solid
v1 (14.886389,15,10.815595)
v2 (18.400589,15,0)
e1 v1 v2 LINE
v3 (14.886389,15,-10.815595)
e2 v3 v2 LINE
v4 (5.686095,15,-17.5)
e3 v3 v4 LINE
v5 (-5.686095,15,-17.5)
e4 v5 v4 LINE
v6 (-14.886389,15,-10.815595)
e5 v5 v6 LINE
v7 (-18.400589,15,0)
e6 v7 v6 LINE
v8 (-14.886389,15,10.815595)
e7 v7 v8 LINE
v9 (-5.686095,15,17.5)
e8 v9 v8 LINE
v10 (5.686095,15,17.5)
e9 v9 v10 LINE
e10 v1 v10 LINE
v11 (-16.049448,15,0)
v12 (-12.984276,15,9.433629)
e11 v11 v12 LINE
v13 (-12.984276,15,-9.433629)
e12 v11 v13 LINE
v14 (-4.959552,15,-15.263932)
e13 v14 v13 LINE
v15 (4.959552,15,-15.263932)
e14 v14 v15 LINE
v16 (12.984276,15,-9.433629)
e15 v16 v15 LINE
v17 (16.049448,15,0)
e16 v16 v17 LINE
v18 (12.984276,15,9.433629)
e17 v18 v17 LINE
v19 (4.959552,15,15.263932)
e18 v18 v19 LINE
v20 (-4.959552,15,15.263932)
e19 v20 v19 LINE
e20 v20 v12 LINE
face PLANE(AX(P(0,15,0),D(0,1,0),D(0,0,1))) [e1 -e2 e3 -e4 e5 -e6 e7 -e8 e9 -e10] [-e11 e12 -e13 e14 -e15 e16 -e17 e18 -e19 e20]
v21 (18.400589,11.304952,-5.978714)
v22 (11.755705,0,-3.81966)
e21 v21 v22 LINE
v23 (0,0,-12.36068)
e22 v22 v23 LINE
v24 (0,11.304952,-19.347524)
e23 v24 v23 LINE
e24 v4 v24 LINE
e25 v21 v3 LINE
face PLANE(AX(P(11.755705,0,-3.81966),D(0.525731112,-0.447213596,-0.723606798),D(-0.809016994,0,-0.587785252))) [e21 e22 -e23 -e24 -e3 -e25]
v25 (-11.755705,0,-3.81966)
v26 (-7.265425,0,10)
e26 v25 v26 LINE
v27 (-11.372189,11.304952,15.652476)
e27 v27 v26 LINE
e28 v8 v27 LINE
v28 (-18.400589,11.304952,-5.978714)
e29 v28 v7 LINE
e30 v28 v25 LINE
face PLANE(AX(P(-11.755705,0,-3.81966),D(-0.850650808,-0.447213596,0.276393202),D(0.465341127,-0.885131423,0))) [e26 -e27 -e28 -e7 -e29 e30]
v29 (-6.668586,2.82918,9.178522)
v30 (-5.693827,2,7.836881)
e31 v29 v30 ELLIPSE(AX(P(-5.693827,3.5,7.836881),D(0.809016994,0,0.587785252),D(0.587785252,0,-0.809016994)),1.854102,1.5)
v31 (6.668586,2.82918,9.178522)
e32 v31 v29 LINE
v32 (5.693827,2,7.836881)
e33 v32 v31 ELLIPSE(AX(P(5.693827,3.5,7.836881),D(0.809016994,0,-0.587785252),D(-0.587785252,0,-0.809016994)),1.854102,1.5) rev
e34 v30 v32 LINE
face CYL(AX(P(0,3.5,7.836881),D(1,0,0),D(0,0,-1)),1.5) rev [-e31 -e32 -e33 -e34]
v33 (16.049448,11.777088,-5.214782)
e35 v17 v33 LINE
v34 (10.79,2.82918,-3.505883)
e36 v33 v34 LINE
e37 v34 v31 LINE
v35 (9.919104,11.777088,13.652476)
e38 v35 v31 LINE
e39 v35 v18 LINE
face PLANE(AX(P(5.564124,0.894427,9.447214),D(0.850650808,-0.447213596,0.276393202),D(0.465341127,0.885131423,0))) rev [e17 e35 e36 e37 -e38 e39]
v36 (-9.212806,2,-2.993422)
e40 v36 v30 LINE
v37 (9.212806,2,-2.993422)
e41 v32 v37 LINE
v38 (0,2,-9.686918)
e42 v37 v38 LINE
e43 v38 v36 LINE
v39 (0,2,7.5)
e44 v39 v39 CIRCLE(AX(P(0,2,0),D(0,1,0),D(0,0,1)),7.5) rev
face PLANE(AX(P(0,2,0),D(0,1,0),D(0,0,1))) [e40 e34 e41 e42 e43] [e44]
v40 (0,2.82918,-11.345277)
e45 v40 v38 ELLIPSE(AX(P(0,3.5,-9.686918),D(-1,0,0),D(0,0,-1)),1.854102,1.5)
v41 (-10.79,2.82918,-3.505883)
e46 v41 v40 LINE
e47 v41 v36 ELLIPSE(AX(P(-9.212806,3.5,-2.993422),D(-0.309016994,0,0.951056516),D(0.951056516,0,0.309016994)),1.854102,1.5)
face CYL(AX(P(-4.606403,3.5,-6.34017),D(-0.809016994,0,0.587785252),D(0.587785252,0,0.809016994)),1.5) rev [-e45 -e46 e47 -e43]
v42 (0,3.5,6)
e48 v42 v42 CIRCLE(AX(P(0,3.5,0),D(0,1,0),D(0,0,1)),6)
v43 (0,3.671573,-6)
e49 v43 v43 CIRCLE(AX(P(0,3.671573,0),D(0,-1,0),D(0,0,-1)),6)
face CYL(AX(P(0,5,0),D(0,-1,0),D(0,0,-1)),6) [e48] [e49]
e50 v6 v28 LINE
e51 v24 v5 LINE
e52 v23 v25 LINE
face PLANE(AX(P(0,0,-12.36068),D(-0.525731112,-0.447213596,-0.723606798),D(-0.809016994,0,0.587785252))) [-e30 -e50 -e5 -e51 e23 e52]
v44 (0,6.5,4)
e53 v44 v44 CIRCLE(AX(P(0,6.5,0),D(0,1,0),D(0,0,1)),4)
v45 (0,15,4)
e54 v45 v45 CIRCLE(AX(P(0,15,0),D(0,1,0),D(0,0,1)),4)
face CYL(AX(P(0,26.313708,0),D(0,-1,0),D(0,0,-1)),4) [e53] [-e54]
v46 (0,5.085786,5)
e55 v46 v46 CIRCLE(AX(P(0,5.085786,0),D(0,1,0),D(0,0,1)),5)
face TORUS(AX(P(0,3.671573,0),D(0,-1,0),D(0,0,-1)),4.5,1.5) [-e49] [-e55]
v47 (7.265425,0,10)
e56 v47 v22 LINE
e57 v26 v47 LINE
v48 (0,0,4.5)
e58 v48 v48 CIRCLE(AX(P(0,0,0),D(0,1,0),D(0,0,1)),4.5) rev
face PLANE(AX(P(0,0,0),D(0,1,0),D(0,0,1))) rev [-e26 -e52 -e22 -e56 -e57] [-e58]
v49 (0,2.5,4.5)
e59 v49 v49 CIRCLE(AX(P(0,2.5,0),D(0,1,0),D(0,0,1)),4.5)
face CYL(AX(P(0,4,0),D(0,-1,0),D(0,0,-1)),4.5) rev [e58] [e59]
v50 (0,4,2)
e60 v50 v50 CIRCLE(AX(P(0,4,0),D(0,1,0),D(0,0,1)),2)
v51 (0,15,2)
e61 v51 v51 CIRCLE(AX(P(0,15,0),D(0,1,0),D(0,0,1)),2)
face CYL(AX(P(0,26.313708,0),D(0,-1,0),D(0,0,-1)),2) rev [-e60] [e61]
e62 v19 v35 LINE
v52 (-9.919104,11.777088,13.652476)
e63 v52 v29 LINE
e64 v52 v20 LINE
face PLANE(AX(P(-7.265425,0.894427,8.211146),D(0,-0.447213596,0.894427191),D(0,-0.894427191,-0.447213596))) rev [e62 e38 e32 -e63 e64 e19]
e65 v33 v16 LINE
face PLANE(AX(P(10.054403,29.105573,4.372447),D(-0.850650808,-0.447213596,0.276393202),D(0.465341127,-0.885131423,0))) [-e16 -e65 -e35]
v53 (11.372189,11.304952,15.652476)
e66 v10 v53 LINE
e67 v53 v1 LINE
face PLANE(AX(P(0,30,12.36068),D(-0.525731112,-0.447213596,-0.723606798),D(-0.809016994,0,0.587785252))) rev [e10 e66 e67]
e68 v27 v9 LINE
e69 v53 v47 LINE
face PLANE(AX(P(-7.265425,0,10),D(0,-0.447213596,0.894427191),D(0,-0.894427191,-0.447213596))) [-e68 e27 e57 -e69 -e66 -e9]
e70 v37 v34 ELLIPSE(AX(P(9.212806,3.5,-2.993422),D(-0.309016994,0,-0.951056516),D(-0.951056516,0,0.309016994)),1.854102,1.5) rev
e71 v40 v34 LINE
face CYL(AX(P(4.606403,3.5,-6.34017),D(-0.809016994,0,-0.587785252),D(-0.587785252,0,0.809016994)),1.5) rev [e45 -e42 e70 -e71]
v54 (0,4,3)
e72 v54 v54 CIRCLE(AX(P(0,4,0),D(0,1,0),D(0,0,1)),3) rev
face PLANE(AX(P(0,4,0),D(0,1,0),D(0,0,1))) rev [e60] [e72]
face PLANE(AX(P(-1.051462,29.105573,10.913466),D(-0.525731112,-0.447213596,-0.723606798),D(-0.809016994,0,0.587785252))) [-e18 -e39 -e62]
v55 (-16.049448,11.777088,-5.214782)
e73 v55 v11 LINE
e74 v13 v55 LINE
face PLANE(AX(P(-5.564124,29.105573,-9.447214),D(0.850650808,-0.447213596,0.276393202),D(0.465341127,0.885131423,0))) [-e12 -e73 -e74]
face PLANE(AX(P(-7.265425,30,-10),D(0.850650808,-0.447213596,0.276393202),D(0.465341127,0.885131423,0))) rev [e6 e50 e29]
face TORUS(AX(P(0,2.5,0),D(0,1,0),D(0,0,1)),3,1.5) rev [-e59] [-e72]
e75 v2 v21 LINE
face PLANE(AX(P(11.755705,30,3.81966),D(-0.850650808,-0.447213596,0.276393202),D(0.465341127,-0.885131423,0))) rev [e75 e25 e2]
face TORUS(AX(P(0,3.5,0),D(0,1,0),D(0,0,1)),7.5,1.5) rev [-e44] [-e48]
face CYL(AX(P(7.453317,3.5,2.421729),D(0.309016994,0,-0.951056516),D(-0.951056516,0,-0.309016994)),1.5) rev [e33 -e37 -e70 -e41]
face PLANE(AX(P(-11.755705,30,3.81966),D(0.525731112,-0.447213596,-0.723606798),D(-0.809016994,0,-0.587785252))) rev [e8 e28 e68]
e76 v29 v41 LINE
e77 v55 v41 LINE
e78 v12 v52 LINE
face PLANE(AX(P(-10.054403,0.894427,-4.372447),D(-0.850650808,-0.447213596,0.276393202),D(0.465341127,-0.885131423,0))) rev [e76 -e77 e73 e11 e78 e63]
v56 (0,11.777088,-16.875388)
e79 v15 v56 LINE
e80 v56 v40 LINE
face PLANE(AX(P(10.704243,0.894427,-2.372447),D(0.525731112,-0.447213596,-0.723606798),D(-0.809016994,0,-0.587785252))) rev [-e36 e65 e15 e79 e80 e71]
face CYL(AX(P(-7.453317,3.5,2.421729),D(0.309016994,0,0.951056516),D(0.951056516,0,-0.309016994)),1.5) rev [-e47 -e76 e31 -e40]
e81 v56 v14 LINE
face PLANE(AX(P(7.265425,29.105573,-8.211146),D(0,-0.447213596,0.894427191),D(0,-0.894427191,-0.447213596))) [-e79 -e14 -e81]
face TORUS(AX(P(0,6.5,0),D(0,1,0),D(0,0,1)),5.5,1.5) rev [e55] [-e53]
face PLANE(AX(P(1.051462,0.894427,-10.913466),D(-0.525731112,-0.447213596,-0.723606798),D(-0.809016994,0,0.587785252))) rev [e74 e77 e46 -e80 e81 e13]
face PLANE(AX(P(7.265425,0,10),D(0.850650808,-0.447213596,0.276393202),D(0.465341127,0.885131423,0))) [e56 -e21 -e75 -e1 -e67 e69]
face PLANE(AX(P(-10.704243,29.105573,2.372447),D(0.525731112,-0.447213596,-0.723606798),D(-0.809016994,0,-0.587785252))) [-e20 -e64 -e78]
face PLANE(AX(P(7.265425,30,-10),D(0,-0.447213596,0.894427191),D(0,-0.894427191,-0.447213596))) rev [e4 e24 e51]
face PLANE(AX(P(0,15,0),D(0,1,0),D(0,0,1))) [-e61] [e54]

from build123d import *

# Parameters (mm, degrees)
BOSS_EXTRUDE1_DEPTH     = 30
BOSS_EXTRUDE1_TAPER     = -26.56505118
SKETCH3_OUTSIDE_W       = 108.076
SKETCH3_OUTSIDE_H       = 105.2
CUT_EXTRUDE1_DEPTH      = 30
CUT_EXTRUDE1_TAPER      = 26.56505118
SKETCH5_R               = 19.347524159
CUT_EXTRUDE2_DEPTH      = 25
SHELL1_T                = -2
SKETCH6_R               = 4
SKETCH6_R_2             = 2
BOSS_EXTRUDE2_DEPTH     = 13
SKETCH10_R              = 6
SKETCH10_R_2            = 4
BOSS_EXTRUDE4_DEPTH     = 3
FILLET5_R               = 1.5
SKETCH10_3_R            = 4.5
SKETCH10_3_R_2          = 4
CUT_EXTRUDE3_DEPTH      = 2
CUT_EXTRUDE3_DEPTH_BACK = 2
FILLET6_R               = 1.5


with BuildPart() as part:
    # Sketch1 → Boss-Extrude1 (new body)
    with BuildSketch(Plane(origin=(0, 0, 0), x_dir=(1, 0, 0), z_dir=(0, 1, 0))):
        Polygon((0, 12.360679775), (-11.755705046, 3.819660113), (-7.26542528, -10), (7.26542528, -10), (11.755705046, 3.819660113), align=None)
    extrude(amount=BOSS_EXTRUDE1_DEPTH, taper=BOSS_EXTRUDE1_TAPER)

    # Sketch3 outside → Cut-Extrude1 (cut)
    with BuildSketch(Plane(origin=(0, 30, 0), x_dir=(1, 0, 0), z_dir=(0, 1, 0))):
        with Locations((0, 2.951)):
            Rectangle(SKETCH3_OUTSIDE_W, SKETCH3_OUTSIDE_H)
        Polygon((7.26542528, 10), (-7.26542528, 10), (-11.755705046, -3.819660113), (0, -12.360679775), (11.755705046, -3.819660113), align=None, mode=Mode.SUBTRACT)
    extrude(amount=-CUT_EXTRUDE1_DEPTH, taper=CUT_EXTRUDE1_TAPER, mode=Mode.SUBTRACT)

    # Sketch5 → Cut-Extrude2 (cut)
    with BuildSketch(Plane(origin=(0, 15, 0), x_dir=(1, 0, 0), z_dir=(0, 1, 0))):
        Circle(SKETCH5_R)
    extrude(amount=CUT_EXTRUDE2_DEPTH, mode=Mode.SUBTRACT)

    # Shell1
    shell1_openings = [part.faces().sort_by_distance(p)[0] for p in [
        (0, 15, 0),
    ]]
    offset(amount=SHELL1_T, openings=shell1_openings, kind=Kind.INTERSECTION)

    # Sketch6 → Boss-Extrude2 (add)
    with BuildSketch(Plane(origin=(0, 2, 0), x_dir=(1, 0, 0), z_dir=(0, 1, 0))):
        with Locations(Location((0, 0, 0), (0, 0, 270))):
            Circle(SKETCH6_R)
        with Locations(Location((0, 0, 0), (0, 0, 270))):
            Circle(SKETCH6_R_2, mode=Mode.SUBTRACT)
    extrude(amount=BOSS_EXTRUDE2_DEPTH)

    # Sketch10 → Boss-Extrude4 (add)
    with BuildSketch(Plane(origin=(0, 2, 0), x_dir=(1, 0, 0), z_dir=(0, 1, 0))):
        with Locations(Location((0, 0, 0), (0, 0, 270))):
            Circle(SKETCH10_R)
        with Locations(Location((0, 0, 0), (0, 0, 270))):
            Circle(SKETCH10_R_2, mode=Mode.SUBTRACT)
    extrude(amount=BOSS_EXTRUDE4_DEPTH)

    # Fillet5
    fillet5_edges = [part.edges().sort_by_distance(p)[0] for p in [
        (0, 2, -6),
        (0, 5, -4),
        (5.151309995, 2, -7.090169944),
        (-5.151309995, 2, -7.090169944),
        (-8.334994658, 2, 2.708203933),
        (0, 2, 8.763932023),
        (8.334994658, 2, 2.708203933),
    ]]
    fillet(fillet5_edges, radius=FILLET5_R)

    # Sketch10<3> → Cut-Extrude3 (cut, two sides)
    with BuildSketch(Plane(origin=(0, 2, 0), x_dir=(1, 0, 0), z_dir=(0, 1, 0))) as cut_extrude3_sk:
        with Locations(Location((0, 0, 0), (0, 0, 270))):
            Circle(SKETCH10_3_R)
        with Locations(Location((0, 0, 0), (0, 0, 270))):
            Circle(SKETCH10_3_R_2, mode=Mode.SUBTRACT)
        with Locations(Location((0, 0, 0), (0, 0, 270))):
            Circle(SKETCH10_3_R_2)
    extrude(amount=CUT_EXTRUDE3_DEPTH, mode=Mode.SUBTRACT)
    extrude(cut_extrude3_sk.sketch, amount=-CUT_EXTRUDE3_DEPTH_BACK, mode=Mode.SUBTRACT)

    # Fillet6
    fillet6_edges = [part.edges().sort_by_distance(p)[0] for p in [
        (0, 4, -4.5),
        (0, 5, -6),
    ]]
    fillet(fillet6_edges, radius=FILLET6_R)


solid = part.part
